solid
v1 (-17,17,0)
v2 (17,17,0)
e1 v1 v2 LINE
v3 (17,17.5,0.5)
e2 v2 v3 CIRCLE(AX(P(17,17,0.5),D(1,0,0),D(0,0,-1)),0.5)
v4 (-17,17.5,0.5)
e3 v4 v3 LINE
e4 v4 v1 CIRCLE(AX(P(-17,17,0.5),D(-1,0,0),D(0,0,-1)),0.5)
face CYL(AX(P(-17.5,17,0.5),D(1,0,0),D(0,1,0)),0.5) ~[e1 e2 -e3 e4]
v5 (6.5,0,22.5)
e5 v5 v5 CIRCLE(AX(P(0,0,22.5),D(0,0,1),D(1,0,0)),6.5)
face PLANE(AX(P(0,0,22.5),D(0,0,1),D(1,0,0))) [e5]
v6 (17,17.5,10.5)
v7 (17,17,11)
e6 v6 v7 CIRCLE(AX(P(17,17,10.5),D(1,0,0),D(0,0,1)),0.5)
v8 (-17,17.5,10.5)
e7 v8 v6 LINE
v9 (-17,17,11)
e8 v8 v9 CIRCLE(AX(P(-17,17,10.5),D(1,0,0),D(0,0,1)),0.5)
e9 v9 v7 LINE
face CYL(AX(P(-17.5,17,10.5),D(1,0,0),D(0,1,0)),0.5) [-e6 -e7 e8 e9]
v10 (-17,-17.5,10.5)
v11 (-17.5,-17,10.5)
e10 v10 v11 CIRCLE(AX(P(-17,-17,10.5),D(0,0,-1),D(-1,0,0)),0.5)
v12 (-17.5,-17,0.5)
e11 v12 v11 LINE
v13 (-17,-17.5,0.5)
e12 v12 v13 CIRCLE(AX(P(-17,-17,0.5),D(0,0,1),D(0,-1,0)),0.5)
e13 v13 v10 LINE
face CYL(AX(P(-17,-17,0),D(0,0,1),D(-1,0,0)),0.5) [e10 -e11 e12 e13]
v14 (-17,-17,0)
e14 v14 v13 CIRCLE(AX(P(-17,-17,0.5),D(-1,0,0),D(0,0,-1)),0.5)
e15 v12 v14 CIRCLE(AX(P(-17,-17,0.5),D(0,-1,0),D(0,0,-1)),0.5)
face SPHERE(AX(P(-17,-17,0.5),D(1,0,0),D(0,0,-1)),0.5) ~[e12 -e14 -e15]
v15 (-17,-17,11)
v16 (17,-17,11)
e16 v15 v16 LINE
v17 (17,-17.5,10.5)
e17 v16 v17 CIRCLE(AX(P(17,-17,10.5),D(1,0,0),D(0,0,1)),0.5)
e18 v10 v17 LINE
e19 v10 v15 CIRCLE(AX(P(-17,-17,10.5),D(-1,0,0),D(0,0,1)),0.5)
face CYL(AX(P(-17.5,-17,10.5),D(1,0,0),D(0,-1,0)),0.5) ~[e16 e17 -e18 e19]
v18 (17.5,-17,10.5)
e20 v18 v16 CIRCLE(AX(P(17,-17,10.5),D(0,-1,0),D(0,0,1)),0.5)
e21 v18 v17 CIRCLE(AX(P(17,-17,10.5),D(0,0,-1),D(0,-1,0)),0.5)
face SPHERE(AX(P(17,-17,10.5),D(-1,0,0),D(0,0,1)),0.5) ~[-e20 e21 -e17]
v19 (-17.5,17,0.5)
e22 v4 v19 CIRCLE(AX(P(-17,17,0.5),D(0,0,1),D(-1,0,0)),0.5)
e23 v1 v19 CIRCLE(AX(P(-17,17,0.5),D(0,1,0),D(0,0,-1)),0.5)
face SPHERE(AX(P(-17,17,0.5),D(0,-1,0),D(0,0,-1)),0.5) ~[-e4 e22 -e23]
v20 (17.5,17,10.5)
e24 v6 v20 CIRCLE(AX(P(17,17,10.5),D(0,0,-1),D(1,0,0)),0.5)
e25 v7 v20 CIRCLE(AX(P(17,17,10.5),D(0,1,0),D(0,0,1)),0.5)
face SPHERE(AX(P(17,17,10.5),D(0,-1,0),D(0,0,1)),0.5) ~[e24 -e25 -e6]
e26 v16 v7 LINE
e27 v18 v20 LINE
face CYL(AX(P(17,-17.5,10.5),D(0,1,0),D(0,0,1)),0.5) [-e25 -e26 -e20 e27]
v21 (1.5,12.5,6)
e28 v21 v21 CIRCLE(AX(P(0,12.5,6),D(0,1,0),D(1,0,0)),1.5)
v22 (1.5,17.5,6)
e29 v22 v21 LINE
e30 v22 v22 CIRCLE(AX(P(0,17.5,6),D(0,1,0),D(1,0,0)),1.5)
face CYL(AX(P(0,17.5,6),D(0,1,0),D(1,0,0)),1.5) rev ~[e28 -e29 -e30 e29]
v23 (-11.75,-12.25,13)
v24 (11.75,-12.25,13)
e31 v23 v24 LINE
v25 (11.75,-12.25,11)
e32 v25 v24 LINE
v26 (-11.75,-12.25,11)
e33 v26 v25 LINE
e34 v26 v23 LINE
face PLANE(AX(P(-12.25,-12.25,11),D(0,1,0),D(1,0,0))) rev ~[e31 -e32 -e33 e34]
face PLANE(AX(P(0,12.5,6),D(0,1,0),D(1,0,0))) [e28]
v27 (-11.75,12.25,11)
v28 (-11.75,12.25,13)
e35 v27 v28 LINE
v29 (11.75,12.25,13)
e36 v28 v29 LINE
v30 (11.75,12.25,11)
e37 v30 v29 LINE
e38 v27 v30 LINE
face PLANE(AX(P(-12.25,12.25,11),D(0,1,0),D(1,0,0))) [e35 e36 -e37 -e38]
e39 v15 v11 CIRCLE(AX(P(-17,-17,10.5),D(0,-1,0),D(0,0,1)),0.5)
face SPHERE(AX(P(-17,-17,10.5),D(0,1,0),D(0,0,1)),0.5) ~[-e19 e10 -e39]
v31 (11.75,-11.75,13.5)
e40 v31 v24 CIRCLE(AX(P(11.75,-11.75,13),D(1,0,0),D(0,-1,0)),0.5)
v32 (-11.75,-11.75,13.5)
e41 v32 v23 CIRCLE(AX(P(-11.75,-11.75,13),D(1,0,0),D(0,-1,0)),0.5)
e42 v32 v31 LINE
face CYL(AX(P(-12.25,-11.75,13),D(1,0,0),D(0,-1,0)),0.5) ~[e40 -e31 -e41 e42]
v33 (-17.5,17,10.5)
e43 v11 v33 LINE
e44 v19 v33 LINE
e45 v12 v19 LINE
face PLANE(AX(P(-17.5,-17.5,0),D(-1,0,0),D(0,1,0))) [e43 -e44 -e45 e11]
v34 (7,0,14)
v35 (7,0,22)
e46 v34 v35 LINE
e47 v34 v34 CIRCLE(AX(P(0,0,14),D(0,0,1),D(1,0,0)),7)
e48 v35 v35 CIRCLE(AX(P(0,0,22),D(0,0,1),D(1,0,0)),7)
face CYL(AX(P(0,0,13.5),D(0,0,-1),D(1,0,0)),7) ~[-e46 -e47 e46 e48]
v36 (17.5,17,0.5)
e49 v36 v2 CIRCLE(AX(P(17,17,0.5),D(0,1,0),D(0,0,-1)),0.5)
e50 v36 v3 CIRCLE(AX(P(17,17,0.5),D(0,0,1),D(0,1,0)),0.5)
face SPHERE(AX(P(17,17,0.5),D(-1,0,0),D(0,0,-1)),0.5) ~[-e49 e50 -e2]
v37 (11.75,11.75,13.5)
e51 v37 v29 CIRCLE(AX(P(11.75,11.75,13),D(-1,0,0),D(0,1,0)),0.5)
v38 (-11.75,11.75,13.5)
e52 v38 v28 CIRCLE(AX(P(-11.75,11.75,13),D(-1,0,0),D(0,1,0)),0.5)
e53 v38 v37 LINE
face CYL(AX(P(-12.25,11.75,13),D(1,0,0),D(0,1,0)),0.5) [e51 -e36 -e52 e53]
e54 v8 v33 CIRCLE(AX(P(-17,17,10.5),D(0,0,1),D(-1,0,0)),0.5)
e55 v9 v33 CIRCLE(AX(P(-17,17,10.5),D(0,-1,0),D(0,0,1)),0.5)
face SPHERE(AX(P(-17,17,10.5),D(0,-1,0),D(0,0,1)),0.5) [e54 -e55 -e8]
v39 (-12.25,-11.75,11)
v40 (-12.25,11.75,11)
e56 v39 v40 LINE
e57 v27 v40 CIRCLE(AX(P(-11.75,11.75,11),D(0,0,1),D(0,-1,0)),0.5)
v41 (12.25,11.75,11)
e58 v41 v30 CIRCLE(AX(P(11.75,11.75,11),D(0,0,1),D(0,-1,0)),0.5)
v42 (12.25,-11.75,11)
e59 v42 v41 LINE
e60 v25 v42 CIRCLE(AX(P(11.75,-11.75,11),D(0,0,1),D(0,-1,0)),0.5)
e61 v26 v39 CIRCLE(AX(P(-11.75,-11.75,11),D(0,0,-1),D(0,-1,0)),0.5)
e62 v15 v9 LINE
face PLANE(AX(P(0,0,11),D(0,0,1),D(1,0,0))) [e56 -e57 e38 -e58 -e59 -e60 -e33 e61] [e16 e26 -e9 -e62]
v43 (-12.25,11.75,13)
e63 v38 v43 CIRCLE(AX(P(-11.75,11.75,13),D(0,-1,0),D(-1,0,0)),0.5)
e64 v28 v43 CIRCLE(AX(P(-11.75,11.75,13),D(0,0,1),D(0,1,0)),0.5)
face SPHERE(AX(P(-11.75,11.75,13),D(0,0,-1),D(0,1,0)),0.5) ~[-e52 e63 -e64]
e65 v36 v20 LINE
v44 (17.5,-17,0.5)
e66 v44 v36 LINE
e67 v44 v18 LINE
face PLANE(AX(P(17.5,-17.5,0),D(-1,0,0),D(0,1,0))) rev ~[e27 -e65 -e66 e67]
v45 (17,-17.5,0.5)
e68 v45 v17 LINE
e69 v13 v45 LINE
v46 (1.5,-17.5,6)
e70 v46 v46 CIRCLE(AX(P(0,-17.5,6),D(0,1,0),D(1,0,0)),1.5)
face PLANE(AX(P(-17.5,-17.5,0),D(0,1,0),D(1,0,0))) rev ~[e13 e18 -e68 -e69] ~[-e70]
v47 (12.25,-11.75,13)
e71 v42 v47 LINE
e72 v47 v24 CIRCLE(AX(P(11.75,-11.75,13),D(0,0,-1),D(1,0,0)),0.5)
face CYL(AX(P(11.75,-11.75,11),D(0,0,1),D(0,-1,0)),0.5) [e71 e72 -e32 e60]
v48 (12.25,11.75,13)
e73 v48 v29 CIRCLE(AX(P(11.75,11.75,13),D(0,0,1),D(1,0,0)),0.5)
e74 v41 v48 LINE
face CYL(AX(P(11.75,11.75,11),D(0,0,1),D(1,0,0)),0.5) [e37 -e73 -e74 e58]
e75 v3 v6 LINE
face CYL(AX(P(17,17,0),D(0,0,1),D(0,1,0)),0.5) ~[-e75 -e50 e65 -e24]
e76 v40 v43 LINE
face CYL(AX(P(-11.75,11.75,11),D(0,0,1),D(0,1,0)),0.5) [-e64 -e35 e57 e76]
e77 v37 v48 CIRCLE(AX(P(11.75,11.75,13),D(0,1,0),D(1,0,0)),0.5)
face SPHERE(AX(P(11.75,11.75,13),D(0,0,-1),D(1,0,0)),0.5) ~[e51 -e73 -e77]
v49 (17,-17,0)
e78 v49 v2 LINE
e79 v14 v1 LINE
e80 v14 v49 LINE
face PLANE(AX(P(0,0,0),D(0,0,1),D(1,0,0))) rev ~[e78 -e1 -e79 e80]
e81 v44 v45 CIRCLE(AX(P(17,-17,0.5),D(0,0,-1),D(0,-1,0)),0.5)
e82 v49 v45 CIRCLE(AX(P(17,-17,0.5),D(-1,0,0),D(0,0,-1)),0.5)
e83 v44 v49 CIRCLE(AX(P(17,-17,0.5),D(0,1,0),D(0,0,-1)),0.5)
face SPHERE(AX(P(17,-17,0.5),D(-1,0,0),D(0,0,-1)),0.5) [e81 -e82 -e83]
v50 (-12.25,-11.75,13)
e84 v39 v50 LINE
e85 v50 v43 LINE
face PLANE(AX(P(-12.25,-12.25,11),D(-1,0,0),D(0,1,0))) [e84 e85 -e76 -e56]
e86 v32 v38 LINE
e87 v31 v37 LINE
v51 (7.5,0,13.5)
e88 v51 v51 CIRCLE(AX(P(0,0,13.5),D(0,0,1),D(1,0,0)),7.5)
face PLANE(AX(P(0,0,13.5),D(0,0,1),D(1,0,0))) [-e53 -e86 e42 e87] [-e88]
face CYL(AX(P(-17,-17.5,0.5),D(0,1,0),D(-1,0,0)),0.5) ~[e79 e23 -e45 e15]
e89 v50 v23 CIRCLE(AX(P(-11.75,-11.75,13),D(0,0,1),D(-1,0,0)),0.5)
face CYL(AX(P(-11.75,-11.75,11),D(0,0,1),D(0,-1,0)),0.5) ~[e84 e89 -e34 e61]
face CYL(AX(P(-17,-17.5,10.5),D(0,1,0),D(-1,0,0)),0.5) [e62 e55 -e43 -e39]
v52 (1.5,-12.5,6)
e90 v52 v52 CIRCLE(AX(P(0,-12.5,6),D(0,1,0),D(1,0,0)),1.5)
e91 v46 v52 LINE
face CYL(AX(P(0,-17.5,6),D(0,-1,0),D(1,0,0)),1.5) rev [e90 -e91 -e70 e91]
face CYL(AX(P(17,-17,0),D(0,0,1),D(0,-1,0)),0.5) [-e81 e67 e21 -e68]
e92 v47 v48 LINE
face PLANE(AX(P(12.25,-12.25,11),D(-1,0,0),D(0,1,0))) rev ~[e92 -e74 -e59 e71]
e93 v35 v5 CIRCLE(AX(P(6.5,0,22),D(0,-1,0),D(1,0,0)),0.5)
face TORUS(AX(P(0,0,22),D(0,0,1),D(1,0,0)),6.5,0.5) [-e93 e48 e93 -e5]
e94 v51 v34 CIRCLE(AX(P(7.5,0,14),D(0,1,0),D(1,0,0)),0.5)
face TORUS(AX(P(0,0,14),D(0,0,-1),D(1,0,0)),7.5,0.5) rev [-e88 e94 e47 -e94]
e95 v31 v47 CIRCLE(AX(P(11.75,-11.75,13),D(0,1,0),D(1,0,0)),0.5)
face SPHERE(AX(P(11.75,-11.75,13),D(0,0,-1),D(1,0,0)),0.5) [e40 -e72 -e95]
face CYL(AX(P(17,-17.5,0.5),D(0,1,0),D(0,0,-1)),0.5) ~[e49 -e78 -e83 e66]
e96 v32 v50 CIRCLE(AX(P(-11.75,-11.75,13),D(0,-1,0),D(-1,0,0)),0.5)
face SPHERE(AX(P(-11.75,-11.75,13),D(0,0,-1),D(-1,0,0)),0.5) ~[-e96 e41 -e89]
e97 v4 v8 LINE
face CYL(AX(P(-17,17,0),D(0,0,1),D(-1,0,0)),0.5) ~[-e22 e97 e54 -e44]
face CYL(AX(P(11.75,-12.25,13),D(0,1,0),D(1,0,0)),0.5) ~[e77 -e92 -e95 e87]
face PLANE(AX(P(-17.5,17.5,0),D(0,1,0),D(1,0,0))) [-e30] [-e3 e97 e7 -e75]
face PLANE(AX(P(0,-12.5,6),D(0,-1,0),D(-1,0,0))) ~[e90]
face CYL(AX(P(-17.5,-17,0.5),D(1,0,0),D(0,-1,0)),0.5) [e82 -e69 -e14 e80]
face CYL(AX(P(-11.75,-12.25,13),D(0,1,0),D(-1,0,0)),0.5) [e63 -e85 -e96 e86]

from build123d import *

# Parameters (mm, degrees)
SKETCH1_W           = 35
SKETCH1_H           = 35
BOSS_EXTRUDE1_DEPTH = 11
SKETCH2_R           = 1.5
CUT_EXTRUDE1_DEPTH  = 5
SKETCH3_W           = 24.5
SKETCH3_H           = 24.5
BOSS_EXTRUDE2_DEPTH = 2.5
SKETCH4_R           = 7
BOSS_EXTRUDE3_DEPTH = 9
FILLET1_R           = 0.5
FILLET2_R           = 0.5


with BuildPart() as part:
    # Sketch1 → Boss-Extrude1 (new body)
    with BuildSketch(Plane.XY):
        Rectangle(SKETCH1_W, SKETCH1_H)
    extrude(amount=BOSS_EXTRUDE1_DEPTH)

    # Sketch2 → Cut-Extrude1 (cut)
    with BuildSketch(Plane(origin=(0, 17.5, 0), x_dir=(1, 0, 0), z_dir=(0, 1, 0))):
        with Locations((0, -6)):
            Circle(SKETCH2_R)
    cut_extrude1 = extrude(amount=-CUT_EXTRUDE1_DEPTH, mode=Mode.SUBTRACT)

    # Mirror1: Cut-Extrude1 across plane
    add(cut_extrude1.mirror(Plane.ZX), mode=Mode.SUBTRACT)

    # Sketch3 → Boss-Extrude2 (add)
    with BuildSketch(Plane.XY.offset(11)):
        Rectangle(SKETCH3_W, SKETCH3_H)
    extrude(amount=BOSS_EXTRUDE2_DEPTH)

    # Sketch4 → Boss-Extrude3 (add)
    with BuildSketch(Plane.XY.offset(13.5)):
        Circle(SKETCH4_R)
    extrude(amount=BOSS_EXTRUDE3_DEPTH)

    # Fillet1
    fillet1_edges = [part.edges().sort_by_distance(p)[0] for p in [
        (-17.5, 0, 11),
        (0, -17.5, 11),
        (12.25, -12.25, 12.25),
        (12.25, 12.25, 12.25),
        (-12.25, 12.25, 12.25),
        (-12.25, -12.25, 12.25),
        (12.25, 0, 13.5),
        (0, 12.25, 13.5),
        (-12.25, 0, 13.5),
        (0, -12.25, 13.5),
        (-7, 0, 13.5),
        (17.5, 0, 11),
        (0, -17.5, 0),
        (-17.5, 0, 0),
        (0, 17.5, 0),
        (17.5, 0, 0),
        (0, 17.5, 11),
        (17.5, -17.5, 5.5),
        (-17.5, -17.5, 5.5),
        (-17.5, 17.5, 5.5),
        (17.5, 17.5, 5.5),
    ]]
    fillet(fillet1_edges, radius=FILLET1_R)

    # Fillet2
    fillet2_edges = [part.edges().sort_by_distance(p)[0] for p in [
        (-7, 0, 22.5),
    ]]
    fillet(fillet2_edges, radius=FILLET2_R)


solid = part.part
